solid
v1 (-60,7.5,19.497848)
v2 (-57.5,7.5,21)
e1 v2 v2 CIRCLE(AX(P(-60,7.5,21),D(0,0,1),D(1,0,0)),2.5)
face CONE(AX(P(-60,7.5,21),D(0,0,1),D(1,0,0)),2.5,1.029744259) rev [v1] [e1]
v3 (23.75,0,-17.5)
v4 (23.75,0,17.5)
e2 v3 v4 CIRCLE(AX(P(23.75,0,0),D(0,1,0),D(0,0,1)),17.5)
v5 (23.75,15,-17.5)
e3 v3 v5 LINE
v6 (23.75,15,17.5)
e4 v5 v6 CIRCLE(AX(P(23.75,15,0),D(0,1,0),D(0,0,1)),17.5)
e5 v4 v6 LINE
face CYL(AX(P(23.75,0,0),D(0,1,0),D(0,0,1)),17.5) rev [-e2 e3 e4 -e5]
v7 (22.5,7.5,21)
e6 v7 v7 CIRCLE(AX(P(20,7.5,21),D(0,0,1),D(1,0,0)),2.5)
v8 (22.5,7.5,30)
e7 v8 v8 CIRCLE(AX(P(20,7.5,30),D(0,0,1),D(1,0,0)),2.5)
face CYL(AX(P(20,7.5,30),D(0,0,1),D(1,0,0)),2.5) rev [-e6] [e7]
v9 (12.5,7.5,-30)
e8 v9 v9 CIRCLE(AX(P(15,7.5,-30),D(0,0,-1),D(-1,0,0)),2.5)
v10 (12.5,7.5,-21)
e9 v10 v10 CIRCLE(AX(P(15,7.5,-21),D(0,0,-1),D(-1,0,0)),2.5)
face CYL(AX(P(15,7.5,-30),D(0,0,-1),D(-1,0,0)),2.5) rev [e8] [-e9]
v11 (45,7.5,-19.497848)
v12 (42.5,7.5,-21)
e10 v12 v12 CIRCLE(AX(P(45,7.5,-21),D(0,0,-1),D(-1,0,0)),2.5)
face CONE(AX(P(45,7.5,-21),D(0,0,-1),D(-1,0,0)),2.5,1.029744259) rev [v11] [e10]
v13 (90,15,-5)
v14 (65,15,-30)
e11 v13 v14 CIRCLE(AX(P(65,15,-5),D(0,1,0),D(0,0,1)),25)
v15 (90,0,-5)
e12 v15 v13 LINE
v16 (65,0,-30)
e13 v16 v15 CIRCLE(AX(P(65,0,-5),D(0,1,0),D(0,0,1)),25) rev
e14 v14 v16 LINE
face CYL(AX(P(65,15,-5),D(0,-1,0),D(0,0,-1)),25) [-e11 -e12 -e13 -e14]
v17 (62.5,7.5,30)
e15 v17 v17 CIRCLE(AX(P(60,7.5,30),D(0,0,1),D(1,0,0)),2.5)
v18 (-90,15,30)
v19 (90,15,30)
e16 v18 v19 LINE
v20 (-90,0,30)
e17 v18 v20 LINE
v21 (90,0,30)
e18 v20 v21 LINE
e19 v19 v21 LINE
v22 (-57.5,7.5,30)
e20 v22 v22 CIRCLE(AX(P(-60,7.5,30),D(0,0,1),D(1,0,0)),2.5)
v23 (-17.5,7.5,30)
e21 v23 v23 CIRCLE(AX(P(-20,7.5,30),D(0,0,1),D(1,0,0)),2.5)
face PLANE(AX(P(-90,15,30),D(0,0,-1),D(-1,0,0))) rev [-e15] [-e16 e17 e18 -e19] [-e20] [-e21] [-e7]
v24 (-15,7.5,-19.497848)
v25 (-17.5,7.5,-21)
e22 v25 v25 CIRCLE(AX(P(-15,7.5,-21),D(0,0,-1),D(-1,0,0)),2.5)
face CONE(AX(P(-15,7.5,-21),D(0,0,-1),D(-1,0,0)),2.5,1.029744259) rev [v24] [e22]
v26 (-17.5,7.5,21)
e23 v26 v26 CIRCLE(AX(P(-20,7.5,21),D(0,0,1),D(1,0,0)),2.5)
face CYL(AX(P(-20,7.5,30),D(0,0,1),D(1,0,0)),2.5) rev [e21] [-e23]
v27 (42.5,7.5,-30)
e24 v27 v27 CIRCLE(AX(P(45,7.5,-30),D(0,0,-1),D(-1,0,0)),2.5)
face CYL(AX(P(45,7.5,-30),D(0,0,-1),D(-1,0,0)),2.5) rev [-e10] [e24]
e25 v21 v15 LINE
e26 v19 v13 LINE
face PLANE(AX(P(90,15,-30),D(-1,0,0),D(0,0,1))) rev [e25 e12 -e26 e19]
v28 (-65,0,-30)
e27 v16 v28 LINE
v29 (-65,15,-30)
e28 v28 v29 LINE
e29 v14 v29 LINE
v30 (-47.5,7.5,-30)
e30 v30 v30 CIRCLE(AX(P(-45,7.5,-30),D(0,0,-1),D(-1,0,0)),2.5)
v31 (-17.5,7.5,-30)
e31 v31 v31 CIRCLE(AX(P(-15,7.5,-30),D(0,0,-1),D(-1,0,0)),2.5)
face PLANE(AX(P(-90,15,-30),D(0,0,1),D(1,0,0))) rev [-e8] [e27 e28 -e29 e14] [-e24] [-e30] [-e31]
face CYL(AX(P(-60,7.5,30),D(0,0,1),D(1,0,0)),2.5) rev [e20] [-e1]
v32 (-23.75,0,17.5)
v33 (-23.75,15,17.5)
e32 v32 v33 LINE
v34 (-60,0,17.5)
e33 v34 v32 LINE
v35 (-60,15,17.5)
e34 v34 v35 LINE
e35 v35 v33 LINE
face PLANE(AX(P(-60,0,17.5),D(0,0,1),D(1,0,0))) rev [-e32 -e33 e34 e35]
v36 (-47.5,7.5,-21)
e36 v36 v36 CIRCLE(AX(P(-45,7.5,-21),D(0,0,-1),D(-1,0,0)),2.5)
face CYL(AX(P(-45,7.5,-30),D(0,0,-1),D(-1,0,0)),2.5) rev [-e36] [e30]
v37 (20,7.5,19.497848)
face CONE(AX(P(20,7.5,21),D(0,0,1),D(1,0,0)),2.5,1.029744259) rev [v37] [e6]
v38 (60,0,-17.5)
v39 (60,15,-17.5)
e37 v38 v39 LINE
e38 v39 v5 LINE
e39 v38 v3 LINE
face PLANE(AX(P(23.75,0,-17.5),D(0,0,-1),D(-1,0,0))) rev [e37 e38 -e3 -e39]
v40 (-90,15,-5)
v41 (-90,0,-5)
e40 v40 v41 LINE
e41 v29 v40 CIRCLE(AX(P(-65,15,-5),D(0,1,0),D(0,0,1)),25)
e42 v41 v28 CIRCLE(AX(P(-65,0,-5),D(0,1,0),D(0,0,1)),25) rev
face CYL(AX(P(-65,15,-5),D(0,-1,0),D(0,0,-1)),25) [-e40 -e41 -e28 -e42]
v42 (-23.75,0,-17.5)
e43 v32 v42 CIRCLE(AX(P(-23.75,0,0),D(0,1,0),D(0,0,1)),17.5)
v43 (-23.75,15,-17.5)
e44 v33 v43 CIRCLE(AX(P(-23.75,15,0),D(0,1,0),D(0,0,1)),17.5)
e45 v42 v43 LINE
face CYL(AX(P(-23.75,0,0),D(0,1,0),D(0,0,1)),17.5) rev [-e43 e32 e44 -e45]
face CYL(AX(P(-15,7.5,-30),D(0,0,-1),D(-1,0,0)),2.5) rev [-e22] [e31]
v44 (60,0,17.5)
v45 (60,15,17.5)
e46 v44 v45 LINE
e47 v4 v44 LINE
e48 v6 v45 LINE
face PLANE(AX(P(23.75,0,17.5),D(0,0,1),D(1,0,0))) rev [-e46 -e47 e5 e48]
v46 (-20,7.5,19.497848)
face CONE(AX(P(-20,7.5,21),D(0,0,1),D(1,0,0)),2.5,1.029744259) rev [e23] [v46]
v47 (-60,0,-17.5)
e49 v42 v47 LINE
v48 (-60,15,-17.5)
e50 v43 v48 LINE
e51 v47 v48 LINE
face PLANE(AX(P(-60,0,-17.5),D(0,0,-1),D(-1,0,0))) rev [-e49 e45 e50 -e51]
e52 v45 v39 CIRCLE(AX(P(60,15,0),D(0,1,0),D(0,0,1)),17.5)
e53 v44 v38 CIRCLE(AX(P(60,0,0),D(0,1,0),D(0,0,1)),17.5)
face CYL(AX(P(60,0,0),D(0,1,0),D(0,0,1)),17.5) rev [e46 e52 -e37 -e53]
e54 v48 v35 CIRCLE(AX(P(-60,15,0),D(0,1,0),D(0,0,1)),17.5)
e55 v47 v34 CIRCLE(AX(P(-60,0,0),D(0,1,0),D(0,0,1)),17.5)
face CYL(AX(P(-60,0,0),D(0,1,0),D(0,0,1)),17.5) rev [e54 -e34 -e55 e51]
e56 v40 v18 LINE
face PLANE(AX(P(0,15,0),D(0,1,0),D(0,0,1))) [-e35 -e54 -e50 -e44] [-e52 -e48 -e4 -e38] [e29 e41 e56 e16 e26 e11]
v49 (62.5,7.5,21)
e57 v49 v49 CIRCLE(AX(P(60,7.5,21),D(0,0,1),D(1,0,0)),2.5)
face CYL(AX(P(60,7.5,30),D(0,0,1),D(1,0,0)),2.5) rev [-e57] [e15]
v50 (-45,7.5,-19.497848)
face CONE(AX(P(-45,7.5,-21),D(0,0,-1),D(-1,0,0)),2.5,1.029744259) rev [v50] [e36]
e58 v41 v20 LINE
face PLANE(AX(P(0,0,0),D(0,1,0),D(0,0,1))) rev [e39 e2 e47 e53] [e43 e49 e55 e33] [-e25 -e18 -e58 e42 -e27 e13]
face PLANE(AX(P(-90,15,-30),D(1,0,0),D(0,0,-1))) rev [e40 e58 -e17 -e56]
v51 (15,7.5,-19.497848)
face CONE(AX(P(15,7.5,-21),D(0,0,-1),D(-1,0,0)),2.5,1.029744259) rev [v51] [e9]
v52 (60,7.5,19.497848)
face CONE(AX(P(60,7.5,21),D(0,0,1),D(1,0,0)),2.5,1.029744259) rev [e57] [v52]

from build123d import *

# Parameters (mm, degrees)
SKETCH1_W                       = 180
SKETCH1_H                       = 60
BOSS_EXTRUDE1_DEPTH             = 15
CUT_EXTRUDE1_DEPTH              = 97.046863561
TAP_DRILL_FOR_M6X1_0_TAP1_D     = 5
TAP_DRILL_FOR_M6X1_0_TAP1_DEPTH = 9
TAP_DRILL_FOR_M6X1_0_TAP1_TIP   = 1.502151548
FILLET1_R                       = 25
TAP_DRILL_FOR_M6X1_0_TAP2_D     = 5
TAP_DRILL_FOR_M6X1_0_TAP2_DEPTH = 9
TAP_DRILL_FOR_M6X1_0_TAP2_TIP   = 1.502151548


with BuildPart() as part:
    # Sketch1 → Boss-Extrude1 (new body)
    with BuildSketch(Plane(origin=(0, 0, 0), x_dir=(1, 0, 0), z_dir=(0, 1, 0))):
        Rectangle(SKETCH1_W, SKETCH1_H)
    extrude(amount=BOSS_EXTRUDE1_DEPTH)

    # Sketch2 → Cut-Extrude1 (cut, through all)
    with BuildSketch(Plane(origin=(0, 15, 0), x_dir=(1, 0, 0), z_dir=(0, 1, 0))):
        with BuildLine():
            Line((-60, 17.5), (-23.75, 17.5))
            ThreePointArc((-23.75, 17.5), (-6.25, 0), (-23.75, -17.5))
            Line((-23.75, -17.5), (-60, -17.5))
            ThreePointArc((-60, -17.5), (-77.5, 0), (-60, 17.5))
        make_face()
        with BuildLine():
            Line((23.75, 17.5), (60, 17.5))
            ThreePointArc((60, 17.5), (77.5, 0), (60, -17.5))
            Line((60, -17.5), (23.75, -17.5))
            ThreePointArc((23.75, -17.5), (6.25, 0), (23.75, 17.5))
        make_face()
    extrude(amount=-CUT_EXTRUDE1_DEPTH, mode=Mode.SUBTRACT)

    # Tap Drill for M6x1.0 Tap1
    with Locations(Plane.XY.offset(30)):
        with Locations((60, 7.5), (-20, 7.5), (20, 7.5), (-60, 7.5)):
            Hole(TAP_DRILL_FOR_M6X1_0_TAP1_D / 2, depth=TAP_DRILL_FOR_M6X1_0_TAP1_DEPTH)
            with Locations((0, 0, -(TAP_DRILL_FOR_M6X1_0_TAP1_DEPTH + TAP_DRILL_FOR_M6X1_0_TAP1_TIP / 2))):  # 118° drill point
                Cone(0, TAP_DRILL_FOR_M6X1_0_TAP1_D / 2, TAP_DRILL_FOR_M6X1_0_TAP1_TIP, mode=Mode.SUBTRACT)

    # Fillet1
    fillet1_edges = [part.edges().sort_by_distance(p)[0] for p in [
        (-90, 7.5, -30),
        (90, 7.5, -30),
    ]]
    fillet(fillet1_edges, radius=FILLET1_R)

    # Tap Drill for M6x1.0 Tap2
    with Locations(Plane(origin=(0, 0, -30), x_dir=(-1, 0, 0), z_dir=(0, 0, -1))):
        with Locations((-45, 7.5), (-15, 7.5), (15, 7.5), (45, 7.5)):
            Hole(TAP_DRILL_FOR_M6X1_0_TAP2_D / 2, depth=TAP_DRILL_FOR_M6X1_0_TAP2_DEPTH)
            with Locations((0, 0, -(TAP_DRILL_FOR_M6X1_0_TAP2_DEPTH + TAP_DRILL_FOR_M6X1_0_TAP2_TIP / 2))):  # 118° drill point
                Cone(0, TAP_DRILL_FOR_M6X1_0_TAP2_D / 2, TAP_DRILL_FOR_M6X1_0_TAP2_TIP, mode=Mode.SUBTRACT)


solid = part.part
